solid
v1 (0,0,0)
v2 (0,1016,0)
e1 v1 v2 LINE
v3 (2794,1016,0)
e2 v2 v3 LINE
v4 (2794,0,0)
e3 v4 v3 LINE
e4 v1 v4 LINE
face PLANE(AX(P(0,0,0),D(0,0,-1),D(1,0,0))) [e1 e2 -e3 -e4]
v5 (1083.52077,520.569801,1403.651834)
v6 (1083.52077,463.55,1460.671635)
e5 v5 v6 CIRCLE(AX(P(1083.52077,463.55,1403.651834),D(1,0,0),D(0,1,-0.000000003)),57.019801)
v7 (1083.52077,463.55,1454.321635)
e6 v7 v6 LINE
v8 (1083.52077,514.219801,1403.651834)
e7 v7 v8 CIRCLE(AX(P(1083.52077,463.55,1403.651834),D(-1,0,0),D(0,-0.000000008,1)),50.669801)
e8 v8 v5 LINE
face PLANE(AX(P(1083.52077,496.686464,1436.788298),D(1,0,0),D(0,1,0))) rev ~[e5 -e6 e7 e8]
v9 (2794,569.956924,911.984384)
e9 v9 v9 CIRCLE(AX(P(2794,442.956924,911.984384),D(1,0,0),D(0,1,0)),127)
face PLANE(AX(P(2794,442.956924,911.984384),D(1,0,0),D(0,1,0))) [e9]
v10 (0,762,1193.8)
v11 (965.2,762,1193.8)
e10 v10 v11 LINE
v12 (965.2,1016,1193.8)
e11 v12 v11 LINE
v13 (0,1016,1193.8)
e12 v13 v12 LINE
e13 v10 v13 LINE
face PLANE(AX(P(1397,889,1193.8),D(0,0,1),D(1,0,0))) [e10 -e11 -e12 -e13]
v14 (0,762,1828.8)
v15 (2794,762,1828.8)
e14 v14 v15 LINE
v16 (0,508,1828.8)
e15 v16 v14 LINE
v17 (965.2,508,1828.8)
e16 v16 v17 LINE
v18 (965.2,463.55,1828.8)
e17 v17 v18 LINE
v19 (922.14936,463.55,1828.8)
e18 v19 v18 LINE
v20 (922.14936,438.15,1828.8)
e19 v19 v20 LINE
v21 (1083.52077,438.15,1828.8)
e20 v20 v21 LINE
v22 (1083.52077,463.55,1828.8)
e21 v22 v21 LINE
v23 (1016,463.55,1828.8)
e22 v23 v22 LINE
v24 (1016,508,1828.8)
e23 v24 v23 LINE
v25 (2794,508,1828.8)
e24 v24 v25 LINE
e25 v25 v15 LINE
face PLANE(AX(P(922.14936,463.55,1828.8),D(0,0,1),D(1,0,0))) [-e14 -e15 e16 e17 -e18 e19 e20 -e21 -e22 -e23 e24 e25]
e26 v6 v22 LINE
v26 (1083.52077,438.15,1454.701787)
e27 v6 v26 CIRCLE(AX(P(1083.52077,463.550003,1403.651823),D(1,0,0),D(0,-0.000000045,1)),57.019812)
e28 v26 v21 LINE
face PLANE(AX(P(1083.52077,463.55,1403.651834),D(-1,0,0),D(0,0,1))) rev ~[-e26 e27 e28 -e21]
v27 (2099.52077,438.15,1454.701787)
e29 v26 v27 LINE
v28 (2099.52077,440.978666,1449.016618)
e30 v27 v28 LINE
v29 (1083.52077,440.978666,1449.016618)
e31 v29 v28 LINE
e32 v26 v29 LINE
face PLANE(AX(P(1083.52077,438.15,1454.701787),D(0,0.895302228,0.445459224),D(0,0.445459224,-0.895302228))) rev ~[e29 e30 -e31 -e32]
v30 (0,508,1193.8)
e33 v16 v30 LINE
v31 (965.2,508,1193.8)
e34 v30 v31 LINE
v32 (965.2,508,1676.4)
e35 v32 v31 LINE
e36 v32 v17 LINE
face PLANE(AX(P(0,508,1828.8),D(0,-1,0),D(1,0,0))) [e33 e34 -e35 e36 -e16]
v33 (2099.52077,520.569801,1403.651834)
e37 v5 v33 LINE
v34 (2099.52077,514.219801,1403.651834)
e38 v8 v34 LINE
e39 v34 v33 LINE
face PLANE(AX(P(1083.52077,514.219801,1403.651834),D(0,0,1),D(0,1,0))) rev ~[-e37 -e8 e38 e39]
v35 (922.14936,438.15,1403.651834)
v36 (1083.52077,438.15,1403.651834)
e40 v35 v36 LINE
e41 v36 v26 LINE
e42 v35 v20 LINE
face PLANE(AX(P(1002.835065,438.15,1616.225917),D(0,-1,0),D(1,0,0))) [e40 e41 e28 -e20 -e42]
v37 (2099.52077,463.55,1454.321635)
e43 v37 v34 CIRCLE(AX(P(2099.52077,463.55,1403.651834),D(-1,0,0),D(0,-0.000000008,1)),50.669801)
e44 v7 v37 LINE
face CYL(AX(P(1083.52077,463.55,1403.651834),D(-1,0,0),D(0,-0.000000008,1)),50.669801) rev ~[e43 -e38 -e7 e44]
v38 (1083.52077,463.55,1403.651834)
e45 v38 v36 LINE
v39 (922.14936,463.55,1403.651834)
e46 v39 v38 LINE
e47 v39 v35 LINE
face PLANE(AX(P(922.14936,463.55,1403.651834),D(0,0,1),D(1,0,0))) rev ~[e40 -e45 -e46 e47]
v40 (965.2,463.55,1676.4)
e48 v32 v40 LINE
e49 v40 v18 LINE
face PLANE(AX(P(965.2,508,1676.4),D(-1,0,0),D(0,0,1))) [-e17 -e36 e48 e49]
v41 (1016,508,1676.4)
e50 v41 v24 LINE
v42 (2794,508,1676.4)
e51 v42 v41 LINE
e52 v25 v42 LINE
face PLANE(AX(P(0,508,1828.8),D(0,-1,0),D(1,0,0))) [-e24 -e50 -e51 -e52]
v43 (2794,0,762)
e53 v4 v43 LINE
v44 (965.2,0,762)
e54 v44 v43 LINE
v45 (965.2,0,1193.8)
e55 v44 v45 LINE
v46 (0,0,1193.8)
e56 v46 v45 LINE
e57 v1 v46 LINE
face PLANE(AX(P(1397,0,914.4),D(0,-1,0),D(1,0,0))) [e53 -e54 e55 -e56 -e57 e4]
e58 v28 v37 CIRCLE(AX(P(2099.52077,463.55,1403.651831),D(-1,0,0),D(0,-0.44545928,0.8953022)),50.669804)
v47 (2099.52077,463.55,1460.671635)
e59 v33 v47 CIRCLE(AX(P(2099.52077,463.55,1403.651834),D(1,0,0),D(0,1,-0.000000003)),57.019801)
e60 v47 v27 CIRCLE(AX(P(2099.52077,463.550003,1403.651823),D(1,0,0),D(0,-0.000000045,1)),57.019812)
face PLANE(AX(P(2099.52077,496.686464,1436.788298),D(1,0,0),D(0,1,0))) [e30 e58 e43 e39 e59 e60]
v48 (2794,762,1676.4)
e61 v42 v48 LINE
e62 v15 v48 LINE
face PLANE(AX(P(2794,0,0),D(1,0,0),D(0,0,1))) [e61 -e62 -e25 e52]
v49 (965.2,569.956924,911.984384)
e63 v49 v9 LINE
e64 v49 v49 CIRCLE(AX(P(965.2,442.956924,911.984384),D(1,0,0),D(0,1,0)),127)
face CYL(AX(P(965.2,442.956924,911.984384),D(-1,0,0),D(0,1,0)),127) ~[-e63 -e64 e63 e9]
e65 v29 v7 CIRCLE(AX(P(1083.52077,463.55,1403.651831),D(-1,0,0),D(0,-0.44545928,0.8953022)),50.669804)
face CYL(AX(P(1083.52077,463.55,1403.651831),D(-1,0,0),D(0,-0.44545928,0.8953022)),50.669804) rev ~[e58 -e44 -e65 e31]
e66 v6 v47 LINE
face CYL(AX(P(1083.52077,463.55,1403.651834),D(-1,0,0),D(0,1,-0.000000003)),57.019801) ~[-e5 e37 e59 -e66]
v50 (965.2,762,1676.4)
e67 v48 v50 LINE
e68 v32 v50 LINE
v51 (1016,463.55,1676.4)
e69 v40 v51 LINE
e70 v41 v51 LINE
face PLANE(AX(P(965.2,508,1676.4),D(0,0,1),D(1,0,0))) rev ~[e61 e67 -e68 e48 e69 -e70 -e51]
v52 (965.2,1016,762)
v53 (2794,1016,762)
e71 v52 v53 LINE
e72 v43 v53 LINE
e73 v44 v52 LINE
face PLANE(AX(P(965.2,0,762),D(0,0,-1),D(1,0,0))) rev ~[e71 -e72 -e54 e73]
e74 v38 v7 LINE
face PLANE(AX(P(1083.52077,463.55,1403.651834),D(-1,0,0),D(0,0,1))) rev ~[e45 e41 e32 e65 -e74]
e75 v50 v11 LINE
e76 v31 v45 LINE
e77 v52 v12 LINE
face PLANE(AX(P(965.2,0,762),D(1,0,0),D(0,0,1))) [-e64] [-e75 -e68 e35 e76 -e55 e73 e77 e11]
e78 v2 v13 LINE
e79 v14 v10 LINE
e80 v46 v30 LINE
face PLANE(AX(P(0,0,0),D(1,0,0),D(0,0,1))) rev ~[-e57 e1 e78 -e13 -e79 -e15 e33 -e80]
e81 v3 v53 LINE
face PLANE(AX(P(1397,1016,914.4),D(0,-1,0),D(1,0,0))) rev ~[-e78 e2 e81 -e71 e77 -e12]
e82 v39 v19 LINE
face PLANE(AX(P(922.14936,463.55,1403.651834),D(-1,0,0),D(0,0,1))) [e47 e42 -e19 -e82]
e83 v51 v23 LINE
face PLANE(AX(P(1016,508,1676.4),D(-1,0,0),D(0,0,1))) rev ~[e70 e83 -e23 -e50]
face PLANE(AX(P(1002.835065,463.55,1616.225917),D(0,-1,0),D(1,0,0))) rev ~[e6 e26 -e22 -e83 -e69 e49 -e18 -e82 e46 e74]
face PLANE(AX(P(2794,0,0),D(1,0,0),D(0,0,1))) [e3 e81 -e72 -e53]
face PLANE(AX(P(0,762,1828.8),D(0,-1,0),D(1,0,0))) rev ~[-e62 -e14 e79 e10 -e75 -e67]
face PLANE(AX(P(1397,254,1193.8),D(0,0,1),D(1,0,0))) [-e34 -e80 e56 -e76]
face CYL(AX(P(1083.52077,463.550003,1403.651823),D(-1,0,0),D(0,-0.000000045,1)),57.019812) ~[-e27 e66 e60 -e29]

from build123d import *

# Parameters (mm, degrees)
F0_W      = 2794
F0_H      = 1828.8
F1_DEPTH  = 1016
F2_W      = 1828.8
F2_H      = 914.4
F3_DEPTH  = 1016.001
F4_W      = 2794
F4_H      = 508
F5_DEPTH  = 635
F6_W      = 2794
F6_H      = 254
F7_DEPTH  = 635
F8_R      = 127
F9_DEPTH  = 1828.8
F10_W     = 50.8
F10_H     = 152.4
F11_DEPTH = 44.45
F12_W     = 161.37141
F12_H     = 425.148166
F13_DEPTH = 25.4
F15_DEPTH = 1016


with BuildPart() as f1:
    # F0 (on Front) → F1 (new body)
    with BuildSketch(Plane.XZ):
        with Locations((1397, 914.4)):
            Rectangle(F0_W, F0_H)
    extrude(amount=-F1_DEPTH)

    # F2 (on face) → F3 (cut, through all)
    with BuildSketch(Plane.XZ):
        with Locations((1879.6, 1219.2)):
            Rectangle(F2_W, F2_H)
    extrude(amount=-F3_DEPTH, mode=Mode.SUBTRACT)

    # F4 (on face) → F5 (cut)
    with BuildSketch(Plane.XY.offset(1828.8)):
        with Locations((1397, 254)):
            Rectangle(F4_W, F4_H)
    extrude(amount=-F5_DEPTH, mode=Mode.SUBTRACT)

    # F6 (on face) → F7 (cut)
    with BuildSketch(Plane.XY.offset(1828.8)):
        with Locations((1397, 889)):
            Rectangle(F6_W, F6_H)
    extrude(amount=-F7_DEPTH, mode=Mode.SUBTRACT)

    # F8 (on face) → F9 (join)
    with BuildSketch(Plane.YZ.offset(965.2)):
        with Locations((442.956924, 911.984384)):
            Circle(F8_R)
    extrude(amount=F9_DEPTH)

    # F10 (on face) → F11 (join)
    with BuildSketch(Plane.XZ.offset(-508)):
        with Locations((990.6, 1752.6)):
            Rectangle(F10_W, F10_H)
    extrude(amount=F11_DEPTH)

    # F12 (on face) → F13 (join)
    with BuildSketch(Plane.XZ.offset(-463.55)):
        with Locations((1002.835065, 1616.225917)):
            Rectangle(F12_W, F12_H)
    extrude(amount=F13_DEPTH)

    # F14 (on face) → F15 (join)
    with BuildSketch(Plane.YZ.offset(1083.52077)):
        with BuildLine():
            Line((514.219801, 1403.651834), (520.569801, 1403.651834))
            ThreePointArc((520.569801, 1403.651834), (503.869088, 1443.970922), (463.55, 1460.671635))
            Line((463.55, 1460.671635), (463.55, 1454.321635))
            ThreePointArc((463.55, 1454.321635), (499.37896, 1439.480794), (514.219801, 1403.651834))
        make_face()
        with BuildLine():
            Line((463.55, 1454.321635), (463.55, 1460.671635))
            ThreePointArc((463.55, 1460.671635), (450.503937, 1459.159112), (438.15, 1454.701787))
            Line((438.15, 1454.701787), (440.978666, 1449.016618))
            ThreePointArc((440.978666, 1449.016618), (451.956809, 1452.977554), (463.55, 1454.321635))
        make_face()
    extrude(amount=F15_DEPTH)


solid = f1.part
